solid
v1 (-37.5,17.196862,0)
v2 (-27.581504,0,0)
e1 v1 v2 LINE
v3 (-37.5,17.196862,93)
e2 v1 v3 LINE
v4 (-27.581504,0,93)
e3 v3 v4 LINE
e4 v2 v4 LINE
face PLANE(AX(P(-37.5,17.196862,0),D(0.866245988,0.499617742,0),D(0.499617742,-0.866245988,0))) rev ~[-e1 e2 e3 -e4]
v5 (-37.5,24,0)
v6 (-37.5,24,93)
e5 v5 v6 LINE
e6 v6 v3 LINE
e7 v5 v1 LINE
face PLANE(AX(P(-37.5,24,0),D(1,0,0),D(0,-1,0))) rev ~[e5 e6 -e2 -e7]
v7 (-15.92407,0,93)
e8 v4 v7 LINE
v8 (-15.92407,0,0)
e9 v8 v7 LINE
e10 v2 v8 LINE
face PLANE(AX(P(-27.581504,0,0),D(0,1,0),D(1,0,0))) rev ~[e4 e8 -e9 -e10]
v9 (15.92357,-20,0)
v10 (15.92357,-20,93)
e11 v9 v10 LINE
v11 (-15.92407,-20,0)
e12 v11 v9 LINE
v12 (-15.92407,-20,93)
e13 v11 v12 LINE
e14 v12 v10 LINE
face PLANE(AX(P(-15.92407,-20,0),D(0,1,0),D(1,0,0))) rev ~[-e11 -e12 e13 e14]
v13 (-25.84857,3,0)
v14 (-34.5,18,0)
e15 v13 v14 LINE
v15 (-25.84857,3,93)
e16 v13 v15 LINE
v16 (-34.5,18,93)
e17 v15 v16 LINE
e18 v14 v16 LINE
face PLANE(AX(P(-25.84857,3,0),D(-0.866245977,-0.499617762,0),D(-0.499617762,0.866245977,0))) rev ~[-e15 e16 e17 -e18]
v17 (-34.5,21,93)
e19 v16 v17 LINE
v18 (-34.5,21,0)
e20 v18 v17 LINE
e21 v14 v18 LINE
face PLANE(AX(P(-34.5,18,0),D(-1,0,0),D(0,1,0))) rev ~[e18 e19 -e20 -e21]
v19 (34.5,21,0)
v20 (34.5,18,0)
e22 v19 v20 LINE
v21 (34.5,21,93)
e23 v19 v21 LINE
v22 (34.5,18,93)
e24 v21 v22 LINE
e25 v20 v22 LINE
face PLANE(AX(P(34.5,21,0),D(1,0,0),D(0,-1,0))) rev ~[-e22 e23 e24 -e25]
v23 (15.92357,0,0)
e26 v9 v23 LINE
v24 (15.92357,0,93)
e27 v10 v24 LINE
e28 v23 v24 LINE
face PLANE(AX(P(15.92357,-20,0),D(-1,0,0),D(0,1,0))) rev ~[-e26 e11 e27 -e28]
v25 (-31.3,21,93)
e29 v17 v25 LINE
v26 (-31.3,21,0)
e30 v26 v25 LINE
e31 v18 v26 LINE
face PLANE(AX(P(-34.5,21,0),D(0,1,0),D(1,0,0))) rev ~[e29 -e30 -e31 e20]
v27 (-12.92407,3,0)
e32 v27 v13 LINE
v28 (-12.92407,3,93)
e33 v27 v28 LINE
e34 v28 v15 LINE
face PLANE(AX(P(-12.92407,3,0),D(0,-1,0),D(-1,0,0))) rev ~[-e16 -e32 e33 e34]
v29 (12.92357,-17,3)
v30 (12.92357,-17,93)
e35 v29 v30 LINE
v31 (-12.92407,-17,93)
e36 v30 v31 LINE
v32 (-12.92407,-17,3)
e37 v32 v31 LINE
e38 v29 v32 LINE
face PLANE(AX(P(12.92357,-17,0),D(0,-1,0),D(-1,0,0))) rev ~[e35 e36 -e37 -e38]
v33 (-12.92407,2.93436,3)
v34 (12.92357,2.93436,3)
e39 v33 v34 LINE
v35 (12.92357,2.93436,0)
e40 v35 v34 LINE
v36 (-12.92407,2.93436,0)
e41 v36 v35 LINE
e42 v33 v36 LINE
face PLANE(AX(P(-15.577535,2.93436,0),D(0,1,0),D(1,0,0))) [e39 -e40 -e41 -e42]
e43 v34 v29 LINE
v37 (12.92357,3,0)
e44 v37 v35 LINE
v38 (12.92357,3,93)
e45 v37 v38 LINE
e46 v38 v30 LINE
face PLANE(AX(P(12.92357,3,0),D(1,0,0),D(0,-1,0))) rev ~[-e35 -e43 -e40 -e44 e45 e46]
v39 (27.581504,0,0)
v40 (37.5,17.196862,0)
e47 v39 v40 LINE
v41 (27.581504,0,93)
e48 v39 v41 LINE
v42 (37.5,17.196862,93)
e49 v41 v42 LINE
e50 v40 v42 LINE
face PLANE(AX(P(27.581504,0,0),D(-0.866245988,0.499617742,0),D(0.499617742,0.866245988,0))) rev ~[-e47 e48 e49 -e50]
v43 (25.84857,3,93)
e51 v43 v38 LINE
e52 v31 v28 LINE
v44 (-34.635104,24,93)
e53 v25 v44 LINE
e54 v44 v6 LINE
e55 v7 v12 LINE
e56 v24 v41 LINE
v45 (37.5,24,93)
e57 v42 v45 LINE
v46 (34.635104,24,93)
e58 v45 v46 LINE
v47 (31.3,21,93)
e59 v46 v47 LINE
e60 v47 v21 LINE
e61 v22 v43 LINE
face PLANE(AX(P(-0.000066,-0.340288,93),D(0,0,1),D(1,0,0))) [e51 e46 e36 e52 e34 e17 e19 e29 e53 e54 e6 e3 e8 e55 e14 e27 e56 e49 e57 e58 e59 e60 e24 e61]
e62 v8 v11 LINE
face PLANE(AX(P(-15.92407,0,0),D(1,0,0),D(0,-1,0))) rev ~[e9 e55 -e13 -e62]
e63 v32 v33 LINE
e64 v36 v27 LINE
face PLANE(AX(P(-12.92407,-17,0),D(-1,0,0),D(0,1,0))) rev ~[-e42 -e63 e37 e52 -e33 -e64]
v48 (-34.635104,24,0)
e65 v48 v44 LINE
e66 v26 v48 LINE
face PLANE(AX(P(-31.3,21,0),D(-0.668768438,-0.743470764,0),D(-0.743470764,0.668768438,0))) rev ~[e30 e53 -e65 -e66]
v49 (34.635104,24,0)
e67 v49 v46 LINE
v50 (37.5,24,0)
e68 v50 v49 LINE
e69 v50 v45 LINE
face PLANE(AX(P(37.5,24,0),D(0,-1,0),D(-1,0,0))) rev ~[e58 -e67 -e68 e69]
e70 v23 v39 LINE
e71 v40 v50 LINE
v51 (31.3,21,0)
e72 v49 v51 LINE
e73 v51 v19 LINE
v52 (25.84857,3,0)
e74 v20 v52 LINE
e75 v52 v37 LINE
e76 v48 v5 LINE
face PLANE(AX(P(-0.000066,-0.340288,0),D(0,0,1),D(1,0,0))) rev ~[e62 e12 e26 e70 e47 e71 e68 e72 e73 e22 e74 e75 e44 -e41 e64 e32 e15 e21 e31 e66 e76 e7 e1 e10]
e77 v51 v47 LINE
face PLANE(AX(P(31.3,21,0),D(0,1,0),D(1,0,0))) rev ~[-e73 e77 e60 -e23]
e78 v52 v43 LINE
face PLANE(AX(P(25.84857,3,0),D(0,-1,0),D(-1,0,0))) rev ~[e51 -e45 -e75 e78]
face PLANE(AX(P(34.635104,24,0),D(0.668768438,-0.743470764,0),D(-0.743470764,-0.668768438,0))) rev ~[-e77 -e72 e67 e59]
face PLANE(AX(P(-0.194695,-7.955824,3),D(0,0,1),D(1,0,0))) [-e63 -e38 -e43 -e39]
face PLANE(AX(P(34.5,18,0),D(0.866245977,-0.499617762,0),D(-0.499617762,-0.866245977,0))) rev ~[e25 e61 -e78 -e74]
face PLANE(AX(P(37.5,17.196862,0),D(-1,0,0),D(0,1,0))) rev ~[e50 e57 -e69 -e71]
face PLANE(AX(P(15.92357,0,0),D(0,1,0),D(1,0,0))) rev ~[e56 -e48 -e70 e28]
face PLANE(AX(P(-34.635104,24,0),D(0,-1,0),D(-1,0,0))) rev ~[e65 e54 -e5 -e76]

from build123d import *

# Parameters (mm, degrees)
F1_DEPTH = 93
F2_W     = 30.76568
F2_H     = 21.780368
F3_DEPTH = 3


with BuildPart() as f1:
    # F0 (on Top) → F1 (new body)
    with BuildSketch(Plane.XY):
        Polygon((15.92357, 0), (27.581504, 0), (37.5, 17.196862), (37.5, 24), (34.635104, 24), (31.3, 21), (34.5, 21), (34.5, 18), (25.84857, 3), (12.92357, 3), (12.92357, -17), (-12.92407, -17), (-12.92407, 3), (-25.84857, 3), (-34.5, 18), (-34.5, 21), (-31.3, 21), (-34.635104, 24), (-37.5, 24), (-37.5, 17.196862), (-27.581504, 0), (-15.92407, 0), (-15.92407, -20), (-12.92407, -20), (12.92357, -20), (15.92357, -20), align=None)
    extrude(amount=F1_DEPTH)

    # F2 (on Top) → F3 (join)
    with BuildSketch(Plane.XY):
        with Locations((-0.194695, -7.955824)):
            Rectangle(F2_W, F2_H)
    extrude(amount=F3_DEPTH)


solid = f1.part
